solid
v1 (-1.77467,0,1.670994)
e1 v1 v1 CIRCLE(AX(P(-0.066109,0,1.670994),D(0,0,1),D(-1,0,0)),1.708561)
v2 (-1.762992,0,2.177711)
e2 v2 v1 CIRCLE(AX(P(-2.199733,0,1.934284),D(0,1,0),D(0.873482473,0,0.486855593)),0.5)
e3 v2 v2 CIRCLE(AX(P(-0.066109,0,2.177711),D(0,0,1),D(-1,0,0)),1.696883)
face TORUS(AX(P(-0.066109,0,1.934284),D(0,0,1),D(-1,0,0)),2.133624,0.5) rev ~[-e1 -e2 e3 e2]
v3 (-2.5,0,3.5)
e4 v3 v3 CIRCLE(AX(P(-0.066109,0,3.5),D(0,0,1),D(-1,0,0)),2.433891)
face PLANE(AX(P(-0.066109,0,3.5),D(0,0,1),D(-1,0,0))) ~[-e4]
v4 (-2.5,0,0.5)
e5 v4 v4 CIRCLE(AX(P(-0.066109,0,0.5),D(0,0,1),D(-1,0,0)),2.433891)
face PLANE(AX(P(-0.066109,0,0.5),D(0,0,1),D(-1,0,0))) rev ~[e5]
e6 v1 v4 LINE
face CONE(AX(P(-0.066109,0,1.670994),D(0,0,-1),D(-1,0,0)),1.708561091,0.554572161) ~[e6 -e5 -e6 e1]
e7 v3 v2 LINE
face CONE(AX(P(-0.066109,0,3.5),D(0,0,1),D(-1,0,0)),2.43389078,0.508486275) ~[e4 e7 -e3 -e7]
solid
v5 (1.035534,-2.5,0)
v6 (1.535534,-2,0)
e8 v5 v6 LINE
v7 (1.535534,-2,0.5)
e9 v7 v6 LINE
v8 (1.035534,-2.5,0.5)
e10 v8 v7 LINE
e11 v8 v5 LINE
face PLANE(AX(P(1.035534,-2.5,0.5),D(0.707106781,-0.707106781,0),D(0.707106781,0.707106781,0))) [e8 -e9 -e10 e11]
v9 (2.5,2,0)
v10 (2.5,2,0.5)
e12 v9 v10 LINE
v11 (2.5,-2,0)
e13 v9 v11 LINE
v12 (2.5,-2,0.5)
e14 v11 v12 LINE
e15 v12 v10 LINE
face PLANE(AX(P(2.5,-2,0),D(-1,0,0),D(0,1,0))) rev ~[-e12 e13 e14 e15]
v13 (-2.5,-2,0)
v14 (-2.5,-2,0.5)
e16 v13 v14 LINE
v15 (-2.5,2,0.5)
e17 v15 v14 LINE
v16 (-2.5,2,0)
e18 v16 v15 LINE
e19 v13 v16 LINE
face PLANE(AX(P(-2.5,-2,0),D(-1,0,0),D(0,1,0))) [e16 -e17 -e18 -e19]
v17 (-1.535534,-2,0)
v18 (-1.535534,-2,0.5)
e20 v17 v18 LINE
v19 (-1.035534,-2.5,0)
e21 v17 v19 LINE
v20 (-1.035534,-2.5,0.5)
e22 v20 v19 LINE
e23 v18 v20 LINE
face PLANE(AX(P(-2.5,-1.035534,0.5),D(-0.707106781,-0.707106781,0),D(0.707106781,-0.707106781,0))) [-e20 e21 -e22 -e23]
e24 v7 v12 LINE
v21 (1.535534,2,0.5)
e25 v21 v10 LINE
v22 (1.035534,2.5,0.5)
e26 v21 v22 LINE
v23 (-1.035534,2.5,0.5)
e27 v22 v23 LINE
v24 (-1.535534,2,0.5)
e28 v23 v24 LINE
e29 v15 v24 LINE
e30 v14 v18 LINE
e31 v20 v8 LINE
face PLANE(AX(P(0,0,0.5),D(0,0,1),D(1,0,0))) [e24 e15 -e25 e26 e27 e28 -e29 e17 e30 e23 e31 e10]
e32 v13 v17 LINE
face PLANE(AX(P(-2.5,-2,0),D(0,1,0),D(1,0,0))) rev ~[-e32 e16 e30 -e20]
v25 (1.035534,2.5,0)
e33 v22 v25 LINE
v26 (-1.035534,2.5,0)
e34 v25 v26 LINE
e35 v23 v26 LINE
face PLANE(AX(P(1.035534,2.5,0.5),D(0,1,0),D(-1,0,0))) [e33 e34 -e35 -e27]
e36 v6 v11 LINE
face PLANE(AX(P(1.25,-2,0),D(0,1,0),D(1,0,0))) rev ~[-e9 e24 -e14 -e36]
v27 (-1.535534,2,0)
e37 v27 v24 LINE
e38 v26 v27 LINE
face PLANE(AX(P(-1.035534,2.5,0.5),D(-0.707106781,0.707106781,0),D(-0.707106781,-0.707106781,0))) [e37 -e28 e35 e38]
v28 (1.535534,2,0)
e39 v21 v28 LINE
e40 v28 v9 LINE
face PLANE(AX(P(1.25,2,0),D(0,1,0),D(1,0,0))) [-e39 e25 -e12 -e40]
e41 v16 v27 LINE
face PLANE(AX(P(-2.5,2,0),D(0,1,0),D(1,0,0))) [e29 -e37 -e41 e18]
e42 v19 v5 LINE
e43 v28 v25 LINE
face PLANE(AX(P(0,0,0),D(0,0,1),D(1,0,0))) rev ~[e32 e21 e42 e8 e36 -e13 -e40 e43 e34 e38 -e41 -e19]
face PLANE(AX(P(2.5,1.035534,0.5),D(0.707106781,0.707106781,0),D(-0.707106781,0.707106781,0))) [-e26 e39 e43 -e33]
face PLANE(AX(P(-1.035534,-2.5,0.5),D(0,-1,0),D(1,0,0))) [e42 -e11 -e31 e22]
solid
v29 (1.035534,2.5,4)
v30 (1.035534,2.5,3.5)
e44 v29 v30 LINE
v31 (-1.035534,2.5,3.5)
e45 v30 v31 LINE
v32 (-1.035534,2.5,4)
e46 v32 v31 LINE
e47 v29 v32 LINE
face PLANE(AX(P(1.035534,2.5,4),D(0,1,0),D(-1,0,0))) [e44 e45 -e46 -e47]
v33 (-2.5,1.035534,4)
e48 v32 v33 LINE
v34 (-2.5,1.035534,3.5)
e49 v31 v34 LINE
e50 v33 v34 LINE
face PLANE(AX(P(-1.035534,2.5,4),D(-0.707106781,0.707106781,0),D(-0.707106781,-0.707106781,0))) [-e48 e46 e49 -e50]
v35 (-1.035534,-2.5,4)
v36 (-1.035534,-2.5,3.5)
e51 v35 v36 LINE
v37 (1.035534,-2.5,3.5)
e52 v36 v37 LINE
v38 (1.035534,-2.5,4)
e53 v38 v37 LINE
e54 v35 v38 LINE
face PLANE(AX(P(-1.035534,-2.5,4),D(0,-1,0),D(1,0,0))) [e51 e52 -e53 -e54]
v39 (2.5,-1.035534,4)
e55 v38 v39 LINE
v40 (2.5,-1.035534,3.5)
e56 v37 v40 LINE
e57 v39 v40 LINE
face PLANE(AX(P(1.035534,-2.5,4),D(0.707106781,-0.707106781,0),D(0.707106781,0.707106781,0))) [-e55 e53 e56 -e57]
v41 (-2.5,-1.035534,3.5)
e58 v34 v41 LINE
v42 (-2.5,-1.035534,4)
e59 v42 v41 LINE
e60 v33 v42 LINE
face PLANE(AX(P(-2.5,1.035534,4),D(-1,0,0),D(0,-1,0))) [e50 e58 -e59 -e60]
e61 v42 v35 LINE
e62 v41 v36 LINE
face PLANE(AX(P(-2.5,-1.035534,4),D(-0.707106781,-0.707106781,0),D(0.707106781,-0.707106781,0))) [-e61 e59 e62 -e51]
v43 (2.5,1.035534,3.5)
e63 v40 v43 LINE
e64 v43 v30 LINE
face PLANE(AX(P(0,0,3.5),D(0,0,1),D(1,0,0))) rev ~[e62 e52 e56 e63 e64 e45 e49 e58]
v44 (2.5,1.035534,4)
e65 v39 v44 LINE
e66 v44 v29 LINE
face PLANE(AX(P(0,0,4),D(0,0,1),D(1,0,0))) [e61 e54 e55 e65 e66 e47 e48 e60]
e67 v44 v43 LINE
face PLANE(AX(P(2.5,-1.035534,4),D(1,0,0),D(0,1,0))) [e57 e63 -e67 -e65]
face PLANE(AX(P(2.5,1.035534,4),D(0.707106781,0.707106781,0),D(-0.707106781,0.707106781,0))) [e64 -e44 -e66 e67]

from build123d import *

# Parameters (mm, degrees)
F0_W     = 1.25
F0_H     = 4
F1_DEPTH = 0.5
F4_DEPTH = 0.5
F5_START = -3.5
F5_DEPTH = 0.5


with BuildPart() as f1:
    # F0 (on Top) → F1 (new body)
    with BuildSketch(Plane.XY):
        with Locations((-1.875, 0)):
            Rectangle(F0_W, F0_H)
    extrude(amount=F1_DEPTH)



with BuildPart() as f1b:
    # F0 (on Top) → F1, piece 2 (new body)
    with BuildSketch(Plane.XY):
        with Locations((1.875, 0)):
            Rectangle(F0_W, F0_H)
    extrude(amount=F1_DEPTH)


with BuildPart() as f4:
    # F3 (on offset) → F4 (new body)
    with BuildSketch(Plane.XY.offset(4)):
        Polygon((1.0355339059, 2.5), (-1.0355339059, 2.5), (-2.5, 1.0355339059), (-2.5, -1.0355339059), (-1.0355339059, -2.5), (1.0355339059, -2.5), (2.5, -1.0355339059), (2.5, 1.0355339059), align=None)
    extrude(amount=-F4_DEPTH)


with BuildPart() as f1_1:
    add(f1.part)

    add(f1b.part)  # F5 merges F1b
    # F3 (on offset) → F5 (join)
    with BuildSketch(Plane.XY.offset(4).offset(F5_START)):
        Polygon((1.0355339059, 2.5), (-1.0355339059, 2.5), (-2.5, 1.0355339059), (-2.5, -1.0355339059), (-1.0355339059, -2.5), (1.0355339059, -2.5), (2.5, -1.0355339059), (2.5, 1.0355339059), align=None)
    extrude(amount=-F5_DEPTH)


with BuildPart() as f7:
    # F6 (on Front) → F7 (revolve)
    with BuildSketch(Plane.XZ):
        with BuildLine():
            Line((-0.0661092199, 3.5), (-2.5, 3.5))
            Line((-2.5, 3.5), (-1.7629919787, 2.1777114235))
            ThreePointArc((-1.7629919787, 2.1777114235), (-1.6998659538, 1.9227631751), (-1.7746703106, 1.6709938113))
            Line((-1.7746703106, 1.6709938113), (-2.5, 0.5))
            Line((-2.5, 0.5), (-0.0661092199, 0.5))
            Line((-0.0661092199, 0.5), (-0.0661092199, 3.5))
        make_face()
    revolve(axis=Axis((-0.0661092199, 0, 2.4142542388), (0, 0, 1)))


solid = Compound([f4.part, f1_1.part, f7.part])
